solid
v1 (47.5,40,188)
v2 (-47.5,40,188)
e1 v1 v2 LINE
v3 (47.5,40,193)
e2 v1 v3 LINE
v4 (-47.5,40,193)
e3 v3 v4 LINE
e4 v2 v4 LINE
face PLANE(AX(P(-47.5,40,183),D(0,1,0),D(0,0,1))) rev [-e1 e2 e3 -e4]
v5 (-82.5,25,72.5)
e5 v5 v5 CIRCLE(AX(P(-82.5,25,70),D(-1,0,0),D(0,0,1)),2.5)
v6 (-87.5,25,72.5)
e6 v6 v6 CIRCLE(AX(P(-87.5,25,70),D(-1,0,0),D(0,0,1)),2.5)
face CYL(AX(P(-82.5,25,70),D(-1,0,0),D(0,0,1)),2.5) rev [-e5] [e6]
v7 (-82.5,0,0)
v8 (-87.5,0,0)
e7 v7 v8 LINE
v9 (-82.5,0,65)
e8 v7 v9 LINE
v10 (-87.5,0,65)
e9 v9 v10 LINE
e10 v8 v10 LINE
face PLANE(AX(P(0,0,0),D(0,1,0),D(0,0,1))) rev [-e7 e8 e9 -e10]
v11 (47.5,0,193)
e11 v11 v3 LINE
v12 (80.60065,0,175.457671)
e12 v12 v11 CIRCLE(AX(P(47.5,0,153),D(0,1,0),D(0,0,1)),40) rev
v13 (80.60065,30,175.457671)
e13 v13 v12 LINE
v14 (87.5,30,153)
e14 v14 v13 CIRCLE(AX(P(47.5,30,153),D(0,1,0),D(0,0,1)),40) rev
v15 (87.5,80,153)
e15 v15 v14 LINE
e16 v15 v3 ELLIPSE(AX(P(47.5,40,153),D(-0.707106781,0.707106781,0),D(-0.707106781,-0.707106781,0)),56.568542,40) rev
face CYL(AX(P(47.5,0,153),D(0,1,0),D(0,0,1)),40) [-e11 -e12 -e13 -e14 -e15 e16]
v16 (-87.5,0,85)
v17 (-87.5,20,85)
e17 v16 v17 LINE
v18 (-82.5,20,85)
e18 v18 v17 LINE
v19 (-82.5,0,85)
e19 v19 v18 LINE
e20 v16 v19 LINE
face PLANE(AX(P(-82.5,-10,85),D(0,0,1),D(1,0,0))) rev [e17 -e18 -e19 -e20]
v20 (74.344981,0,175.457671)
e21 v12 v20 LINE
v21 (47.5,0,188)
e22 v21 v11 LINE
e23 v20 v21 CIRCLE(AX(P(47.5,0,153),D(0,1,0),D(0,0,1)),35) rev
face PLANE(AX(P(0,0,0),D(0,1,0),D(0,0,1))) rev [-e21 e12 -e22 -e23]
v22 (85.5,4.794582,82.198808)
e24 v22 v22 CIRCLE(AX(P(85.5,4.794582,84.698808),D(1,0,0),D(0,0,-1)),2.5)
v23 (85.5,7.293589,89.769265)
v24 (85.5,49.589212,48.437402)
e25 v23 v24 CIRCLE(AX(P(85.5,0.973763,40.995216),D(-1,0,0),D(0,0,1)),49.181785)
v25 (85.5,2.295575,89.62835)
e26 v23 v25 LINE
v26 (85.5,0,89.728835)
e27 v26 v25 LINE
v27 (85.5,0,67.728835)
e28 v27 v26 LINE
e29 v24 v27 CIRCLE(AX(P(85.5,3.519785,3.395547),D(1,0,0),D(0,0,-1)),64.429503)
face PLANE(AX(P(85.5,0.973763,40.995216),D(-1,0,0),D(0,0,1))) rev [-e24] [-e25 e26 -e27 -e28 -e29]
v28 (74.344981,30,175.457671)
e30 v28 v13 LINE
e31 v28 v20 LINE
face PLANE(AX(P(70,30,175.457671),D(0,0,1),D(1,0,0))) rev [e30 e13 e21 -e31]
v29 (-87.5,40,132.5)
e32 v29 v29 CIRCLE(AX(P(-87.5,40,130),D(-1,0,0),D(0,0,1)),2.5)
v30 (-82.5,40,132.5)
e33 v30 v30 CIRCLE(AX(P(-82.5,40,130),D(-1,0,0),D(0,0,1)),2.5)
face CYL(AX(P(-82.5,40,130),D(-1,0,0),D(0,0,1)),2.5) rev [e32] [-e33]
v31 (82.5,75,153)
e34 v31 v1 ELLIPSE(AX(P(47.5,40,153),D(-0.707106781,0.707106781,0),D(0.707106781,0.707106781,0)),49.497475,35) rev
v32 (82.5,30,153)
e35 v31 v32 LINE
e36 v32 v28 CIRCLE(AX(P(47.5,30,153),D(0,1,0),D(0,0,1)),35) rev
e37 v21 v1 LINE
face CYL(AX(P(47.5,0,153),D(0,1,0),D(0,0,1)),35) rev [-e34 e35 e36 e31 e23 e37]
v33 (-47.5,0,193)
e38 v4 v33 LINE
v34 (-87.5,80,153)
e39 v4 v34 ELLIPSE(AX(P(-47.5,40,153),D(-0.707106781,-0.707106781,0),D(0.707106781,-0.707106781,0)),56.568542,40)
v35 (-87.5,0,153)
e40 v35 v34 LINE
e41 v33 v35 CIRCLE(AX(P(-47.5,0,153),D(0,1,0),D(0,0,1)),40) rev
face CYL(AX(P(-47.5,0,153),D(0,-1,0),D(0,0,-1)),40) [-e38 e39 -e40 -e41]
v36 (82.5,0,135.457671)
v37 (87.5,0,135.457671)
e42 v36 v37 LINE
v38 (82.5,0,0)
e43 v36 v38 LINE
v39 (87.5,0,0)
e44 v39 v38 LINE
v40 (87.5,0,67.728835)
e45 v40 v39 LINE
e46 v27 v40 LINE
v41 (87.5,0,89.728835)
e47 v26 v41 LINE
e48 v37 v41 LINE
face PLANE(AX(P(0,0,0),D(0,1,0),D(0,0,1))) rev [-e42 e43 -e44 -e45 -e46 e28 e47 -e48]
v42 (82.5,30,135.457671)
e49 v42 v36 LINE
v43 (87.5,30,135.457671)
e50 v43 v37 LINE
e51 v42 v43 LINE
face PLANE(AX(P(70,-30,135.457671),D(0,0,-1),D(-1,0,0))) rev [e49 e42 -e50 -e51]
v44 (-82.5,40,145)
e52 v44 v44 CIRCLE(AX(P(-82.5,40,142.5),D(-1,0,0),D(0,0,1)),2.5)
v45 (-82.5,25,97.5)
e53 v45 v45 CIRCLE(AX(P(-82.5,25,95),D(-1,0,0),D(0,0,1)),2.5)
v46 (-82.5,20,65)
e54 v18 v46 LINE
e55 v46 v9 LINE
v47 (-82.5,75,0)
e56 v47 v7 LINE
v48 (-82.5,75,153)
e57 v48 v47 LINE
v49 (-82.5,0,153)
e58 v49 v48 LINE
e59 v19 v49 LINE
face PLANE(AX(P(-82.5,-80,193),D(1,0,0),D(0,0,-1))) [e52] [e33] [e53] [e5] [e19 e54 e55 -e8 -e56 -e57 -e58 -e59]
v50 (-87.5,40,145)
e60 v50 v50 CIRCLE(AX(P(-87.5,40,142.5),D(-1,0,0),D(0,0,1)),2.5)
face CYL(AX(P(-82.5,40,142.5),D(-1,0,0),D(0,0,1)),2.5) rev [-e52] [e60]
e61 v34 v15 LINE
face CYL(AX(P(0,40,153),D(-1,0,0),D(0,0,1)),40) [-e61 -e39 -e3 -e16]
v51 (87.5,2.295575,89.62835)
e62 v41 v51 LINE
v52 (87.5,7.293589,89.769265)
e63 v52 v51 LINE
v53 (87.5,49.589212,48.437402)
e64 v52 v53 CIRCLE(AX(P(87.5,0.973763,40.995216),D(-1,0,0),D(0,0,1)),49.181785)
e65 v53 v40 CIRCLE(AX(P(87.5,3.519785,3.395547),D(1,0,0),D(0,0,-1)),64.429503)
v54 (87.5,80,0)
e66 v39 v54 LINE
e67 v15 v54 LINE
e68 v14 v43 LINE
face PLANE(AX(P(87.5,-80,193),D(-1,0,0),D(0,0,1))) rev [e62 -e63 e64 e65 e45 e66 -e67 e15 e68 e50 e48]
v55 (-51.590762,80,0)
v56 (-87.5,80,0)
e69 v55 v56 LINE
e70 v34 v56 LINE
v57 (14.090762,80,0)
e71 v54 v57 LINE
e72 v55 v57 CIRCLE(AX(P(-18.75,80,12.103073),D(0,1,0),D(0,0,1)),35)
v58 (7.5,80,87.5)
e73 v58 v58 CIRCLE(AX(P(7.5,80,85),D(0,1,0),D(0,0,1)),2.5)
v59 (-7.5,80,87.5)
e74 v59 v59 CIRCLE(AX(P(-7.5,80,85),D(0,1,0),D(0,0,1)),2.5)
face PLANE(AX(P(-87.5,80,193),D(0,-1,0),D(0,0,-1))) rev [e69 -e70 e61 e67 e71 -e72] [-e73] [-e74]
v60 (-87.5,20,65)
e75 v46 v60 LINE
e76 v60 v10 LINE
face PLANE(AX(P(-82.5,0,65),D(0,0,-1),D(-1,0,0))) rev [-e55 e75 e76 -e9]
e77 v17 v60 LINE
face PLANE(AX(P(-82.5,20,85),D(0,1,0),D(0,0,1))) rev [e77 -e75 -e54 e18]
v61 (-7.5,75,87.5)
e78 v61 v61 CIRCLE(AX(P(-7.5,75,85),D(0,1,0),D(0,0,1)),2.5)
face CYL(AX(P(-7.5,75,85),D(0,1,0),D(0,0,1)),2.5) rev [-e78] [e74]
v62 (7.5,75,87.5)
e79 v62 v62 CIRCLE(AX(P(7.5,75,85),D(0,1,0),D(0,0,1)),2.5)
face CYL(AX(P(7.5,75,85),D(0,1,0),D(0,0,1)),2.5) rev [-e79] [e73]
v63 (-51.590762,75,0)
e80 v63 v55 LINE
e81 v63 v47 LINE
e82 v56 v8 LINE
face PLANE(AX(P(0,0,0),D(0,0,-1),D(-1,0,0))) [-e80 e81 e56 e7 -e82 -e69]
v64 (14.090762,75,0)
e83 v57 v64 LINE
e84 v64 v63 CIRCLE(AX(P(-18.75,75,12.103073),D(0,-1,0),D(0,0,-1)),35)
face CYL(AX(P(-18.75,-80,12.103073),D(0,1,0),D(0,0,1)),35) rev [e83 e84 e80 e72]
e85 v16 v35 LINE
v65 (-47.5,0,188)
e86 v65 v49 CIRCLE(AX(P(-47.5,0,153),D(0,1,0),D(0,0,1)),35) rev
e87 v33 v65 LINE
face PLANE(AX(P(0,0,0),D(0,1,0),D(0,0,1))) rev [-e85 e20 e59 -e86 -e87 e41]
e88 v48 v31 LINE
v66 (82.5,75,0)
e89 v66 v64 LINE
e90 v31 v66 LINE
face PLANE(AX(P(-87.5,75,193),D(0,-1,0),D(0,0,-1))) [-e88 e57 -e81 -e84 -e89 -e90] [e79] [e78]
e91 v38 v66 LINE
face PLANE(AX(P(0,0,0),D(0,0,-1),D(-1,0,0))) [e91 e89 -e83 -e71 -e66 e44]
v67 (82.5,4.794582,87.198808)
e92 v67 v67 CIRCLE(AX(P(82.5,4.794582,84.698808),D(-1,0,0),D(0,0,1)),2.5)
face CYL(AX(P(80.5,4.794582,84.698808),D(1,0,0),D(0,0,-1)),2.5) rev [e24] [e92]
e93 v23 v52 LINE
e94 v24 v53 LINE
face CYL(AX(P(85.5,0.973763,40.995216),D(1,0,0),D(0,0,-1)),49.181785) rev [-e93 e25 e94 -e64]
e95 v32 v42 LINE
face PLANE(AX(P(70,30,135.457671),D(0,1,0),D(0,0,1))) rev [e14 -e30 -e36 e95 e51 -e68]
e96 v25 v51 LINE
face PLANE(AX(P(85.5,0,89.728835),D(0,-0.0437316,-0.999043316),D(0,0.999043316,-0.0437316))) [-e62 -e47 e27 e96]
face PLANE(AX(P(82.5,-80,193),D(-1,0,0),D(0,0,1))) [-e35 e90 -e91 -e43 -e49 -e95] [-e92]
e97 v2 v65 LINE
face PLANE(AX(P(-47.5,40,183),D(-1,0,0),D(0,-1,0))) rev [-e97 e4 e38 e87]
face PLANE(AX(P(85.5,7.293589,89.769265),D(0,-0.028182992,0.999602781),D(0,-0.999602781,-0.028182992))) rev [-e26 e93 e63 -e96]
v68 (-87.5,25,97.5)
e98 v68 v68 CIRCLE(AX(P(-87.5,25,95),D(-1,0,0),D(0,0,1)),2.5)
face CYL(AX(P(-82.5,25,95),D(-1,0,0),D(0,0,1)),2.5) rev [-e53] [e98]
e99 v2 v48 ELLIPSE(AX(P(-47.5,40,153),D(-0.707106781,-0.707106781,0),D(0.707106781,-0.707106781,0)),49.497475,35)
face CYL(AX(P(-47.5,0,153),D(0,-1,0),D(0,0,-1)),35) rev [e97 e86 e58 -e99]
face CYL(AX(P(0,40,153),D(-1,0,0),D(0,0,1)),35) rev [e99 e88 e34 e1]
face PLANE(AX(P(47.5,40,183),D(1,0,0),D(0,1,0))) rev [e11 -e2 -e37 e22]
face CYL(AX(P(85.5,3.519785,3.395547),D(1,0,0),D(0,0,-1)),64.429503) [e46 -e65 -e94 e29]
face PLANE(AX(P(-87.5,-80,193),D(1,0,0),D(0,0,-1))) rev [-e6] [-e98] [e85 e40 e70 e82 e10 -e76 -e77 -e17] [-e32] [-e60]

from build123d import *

# Parameters (mm, degrees)
SKETCH_1_W           = 175
SKETCH_1_H           = 160
EXTRUDE_1_DEPTH      = 193
FILLET_8_R           = 40
SHELL_2_T            = -5
SKETCH_9_W           = 95
SKETCH_9_H           = 80
CUT_EXTRUDE_3_DEPTH  = 10
SKETCH_10_R          = 35
CUT_EXTRUDE_4_DEPTH  = 160
SKETCH_12_W          = 40
SKETCH_12_H          = 60
CUT_EXTRUDE_5_DEPTH  = 20
CUT_EXTRUDE_6_DEPTH  = 80
SKETCH_15_R          = 2.5
CUT_EXTRUDE_7_DEPTH  = 5
SKETCH_17_R          = 2.5
CUT_EXTRUDE_9_DEPTH  = 5
CUT_EXTRUDE_10_DEPTH = 2
SKETCH_23_R          = 2.5
CUT_EXTRUDE_13_DEPTH = 5


with BuildPart() as part:
    # 草圖1 → 填料-伸長1 (new body)
    with BuildSketch(Plane.XY):
        Rectangle(SKETCH_1_W, SKETCH_1_H)
    extrude(amount=EXTRUDE_1_DEPTH)

    # 圓角8
    fillet_8_edges = [part.edges().sort_by_distance(p)[0] for p in [
        (-87.5, 0, 193),
        (0, -80, 193),
        (87.5, 0, 193),
        (0, 80, 193),
    ]]
    fillet(fillet_8_edges, radius=FILLET_8_R)

    # 薄殼2
    shell_2_openings = [part.faces().sort_by_distance(p)[0] for p in [
        (0, 0, 0),
    ]]
    offset(amount=SHELL_2_T, openings=shell_2_openings)

    # 草圖9 → 除料-伸長3 (cut)
    with BuildSketch(Plane.XY.offset(193)):
        Rectangle(SKETCH_9_W, SKETCH_9_H)
    extrude(amount=-CUT_EXTRUDE_3_DEPTH, mode=Mode.SUBTRACT)

    # 草圖10 → 除料-伸長4 (cut)
    with BuildSketch(Plane(origin=(0, 80, 0), x_dir=(1, 0, 0), z_dir=(0, 1, 0))):
        with Locations((-18.75, -12.103072957)):
            Circle(SKETCH_10_R)
    extrude(amount=-CUT_EXTRUDE_4_DEPTH, mode=Mode.SUBTRACT)

    # 草圖12 → 除料-伸長5 (cut)
    with BuildSketch(Plane(origin=(90, 0, 0), x_dir=(0, 0, -1), z_dir=(1, 0, 0))):
        with Locations((-155.457670656, 0)):
            Rectangle(SKETCH_12_W, SKETCH_12_H)
    extrude(amount=-CUT_EXTRUDE_5_DEPTH, mode=Mode.SUBTRACT)

    # 草圖4 → 除料-伸長6 (cut)
    with BuildSketch(Plane(origin=(0, 0, 0), x_dir=(1, 0, 0), z_dir=(0, 1, 0))):
        Polygon((0, -200), (-165, -200), (-165, 0), (110, 0), (110, -200), align=None)
    extrude(amount=-CUT_EXTRUDE_6_DEPTH, mode=Mode.SUBTRACT)

    # 草圖15 → 除料-伸長7 (cut)
    with BuildSketch(Plane(origin=(0, 80, 0), x_dir=(1, 0, 0), z_dir=(0, 1, 0))):
        with Locations(Location((7.5, -85, 0), (0, 0, 270))):
            Circle(SKETCH_15_R)
        with Locations(Location((-7.5, -85, 0), (0, 0, 270))):
            Circle(SKETCH_15_R)
    extrude(amount=-CUT_EXTRUDE_7_DEPTH, mode=Mode.SUBTRACT)

    # 草圖17 → 除料-伸長9 (cut)
    with BuildSketch(Plane.ZY.offset(87.5)):
        with Locations((130, 40)):
            Circle(SKETCH_17_R)
        with Locations((142.5, 40)):
            Circle(SKETCH_17_R)
        with Locations((70, 25)):
            Circle(SKETCH_17_R)
        with Locations((95, 25)):
            Circle(SKETCH_17_R)
        Polygon((65, 0), (65, -10), (85, -10), (85, 20), (65, 20), align=None)
    extrude(amount=-CUT_EXTRUDE_9_DEPTH, mode=Mode.SUBTRACT)

    # 草圖18 → 除料-伸長10 (cut)
    with BuildSketch(Plane(origin=(87.5, 0, 0), x_dir=(0, 0, -1), z_dir=(1, 0, 0))):
        with BuildLine():
            Line((-67.728835328, 0), (-89.728835328, 0))
            Line((-89.728835328, 0), (-89.62835003, 2.295574964))
            Line((-89.62835003, 2.295574964), (-89.76926499, 7.293588867))
            ThreePointArc((-89.76926499, 7.293588867), (-76.170437541, 35.347471494), (-48.437401965, 49.589212124))
            ThreePointArc((-48.437401965, 49.589212124), (-63.441387718, 26.87910562), (-67.728835328, 0))
        make_face()
    extrude(amount=-CUT_EXTRUDE_10_DEPTH, mode=Mode.SUBTRACT)

    # 草圖23 → 除料-伸長13 (cut)
    with BuildSketch(Plane(origin=(85.5, 0, 0), x_dir=(0, 0, -1), z_dir=(1, 0, 0))):
        with Locations((-84.69880751, 4.794581915)):
            Circle(SKETCH_23_R)
    extrude(amount=-CUT_EXTRUDE_13_DEPTH, mode=Mode.SUBTRACT)


solid = part.part
